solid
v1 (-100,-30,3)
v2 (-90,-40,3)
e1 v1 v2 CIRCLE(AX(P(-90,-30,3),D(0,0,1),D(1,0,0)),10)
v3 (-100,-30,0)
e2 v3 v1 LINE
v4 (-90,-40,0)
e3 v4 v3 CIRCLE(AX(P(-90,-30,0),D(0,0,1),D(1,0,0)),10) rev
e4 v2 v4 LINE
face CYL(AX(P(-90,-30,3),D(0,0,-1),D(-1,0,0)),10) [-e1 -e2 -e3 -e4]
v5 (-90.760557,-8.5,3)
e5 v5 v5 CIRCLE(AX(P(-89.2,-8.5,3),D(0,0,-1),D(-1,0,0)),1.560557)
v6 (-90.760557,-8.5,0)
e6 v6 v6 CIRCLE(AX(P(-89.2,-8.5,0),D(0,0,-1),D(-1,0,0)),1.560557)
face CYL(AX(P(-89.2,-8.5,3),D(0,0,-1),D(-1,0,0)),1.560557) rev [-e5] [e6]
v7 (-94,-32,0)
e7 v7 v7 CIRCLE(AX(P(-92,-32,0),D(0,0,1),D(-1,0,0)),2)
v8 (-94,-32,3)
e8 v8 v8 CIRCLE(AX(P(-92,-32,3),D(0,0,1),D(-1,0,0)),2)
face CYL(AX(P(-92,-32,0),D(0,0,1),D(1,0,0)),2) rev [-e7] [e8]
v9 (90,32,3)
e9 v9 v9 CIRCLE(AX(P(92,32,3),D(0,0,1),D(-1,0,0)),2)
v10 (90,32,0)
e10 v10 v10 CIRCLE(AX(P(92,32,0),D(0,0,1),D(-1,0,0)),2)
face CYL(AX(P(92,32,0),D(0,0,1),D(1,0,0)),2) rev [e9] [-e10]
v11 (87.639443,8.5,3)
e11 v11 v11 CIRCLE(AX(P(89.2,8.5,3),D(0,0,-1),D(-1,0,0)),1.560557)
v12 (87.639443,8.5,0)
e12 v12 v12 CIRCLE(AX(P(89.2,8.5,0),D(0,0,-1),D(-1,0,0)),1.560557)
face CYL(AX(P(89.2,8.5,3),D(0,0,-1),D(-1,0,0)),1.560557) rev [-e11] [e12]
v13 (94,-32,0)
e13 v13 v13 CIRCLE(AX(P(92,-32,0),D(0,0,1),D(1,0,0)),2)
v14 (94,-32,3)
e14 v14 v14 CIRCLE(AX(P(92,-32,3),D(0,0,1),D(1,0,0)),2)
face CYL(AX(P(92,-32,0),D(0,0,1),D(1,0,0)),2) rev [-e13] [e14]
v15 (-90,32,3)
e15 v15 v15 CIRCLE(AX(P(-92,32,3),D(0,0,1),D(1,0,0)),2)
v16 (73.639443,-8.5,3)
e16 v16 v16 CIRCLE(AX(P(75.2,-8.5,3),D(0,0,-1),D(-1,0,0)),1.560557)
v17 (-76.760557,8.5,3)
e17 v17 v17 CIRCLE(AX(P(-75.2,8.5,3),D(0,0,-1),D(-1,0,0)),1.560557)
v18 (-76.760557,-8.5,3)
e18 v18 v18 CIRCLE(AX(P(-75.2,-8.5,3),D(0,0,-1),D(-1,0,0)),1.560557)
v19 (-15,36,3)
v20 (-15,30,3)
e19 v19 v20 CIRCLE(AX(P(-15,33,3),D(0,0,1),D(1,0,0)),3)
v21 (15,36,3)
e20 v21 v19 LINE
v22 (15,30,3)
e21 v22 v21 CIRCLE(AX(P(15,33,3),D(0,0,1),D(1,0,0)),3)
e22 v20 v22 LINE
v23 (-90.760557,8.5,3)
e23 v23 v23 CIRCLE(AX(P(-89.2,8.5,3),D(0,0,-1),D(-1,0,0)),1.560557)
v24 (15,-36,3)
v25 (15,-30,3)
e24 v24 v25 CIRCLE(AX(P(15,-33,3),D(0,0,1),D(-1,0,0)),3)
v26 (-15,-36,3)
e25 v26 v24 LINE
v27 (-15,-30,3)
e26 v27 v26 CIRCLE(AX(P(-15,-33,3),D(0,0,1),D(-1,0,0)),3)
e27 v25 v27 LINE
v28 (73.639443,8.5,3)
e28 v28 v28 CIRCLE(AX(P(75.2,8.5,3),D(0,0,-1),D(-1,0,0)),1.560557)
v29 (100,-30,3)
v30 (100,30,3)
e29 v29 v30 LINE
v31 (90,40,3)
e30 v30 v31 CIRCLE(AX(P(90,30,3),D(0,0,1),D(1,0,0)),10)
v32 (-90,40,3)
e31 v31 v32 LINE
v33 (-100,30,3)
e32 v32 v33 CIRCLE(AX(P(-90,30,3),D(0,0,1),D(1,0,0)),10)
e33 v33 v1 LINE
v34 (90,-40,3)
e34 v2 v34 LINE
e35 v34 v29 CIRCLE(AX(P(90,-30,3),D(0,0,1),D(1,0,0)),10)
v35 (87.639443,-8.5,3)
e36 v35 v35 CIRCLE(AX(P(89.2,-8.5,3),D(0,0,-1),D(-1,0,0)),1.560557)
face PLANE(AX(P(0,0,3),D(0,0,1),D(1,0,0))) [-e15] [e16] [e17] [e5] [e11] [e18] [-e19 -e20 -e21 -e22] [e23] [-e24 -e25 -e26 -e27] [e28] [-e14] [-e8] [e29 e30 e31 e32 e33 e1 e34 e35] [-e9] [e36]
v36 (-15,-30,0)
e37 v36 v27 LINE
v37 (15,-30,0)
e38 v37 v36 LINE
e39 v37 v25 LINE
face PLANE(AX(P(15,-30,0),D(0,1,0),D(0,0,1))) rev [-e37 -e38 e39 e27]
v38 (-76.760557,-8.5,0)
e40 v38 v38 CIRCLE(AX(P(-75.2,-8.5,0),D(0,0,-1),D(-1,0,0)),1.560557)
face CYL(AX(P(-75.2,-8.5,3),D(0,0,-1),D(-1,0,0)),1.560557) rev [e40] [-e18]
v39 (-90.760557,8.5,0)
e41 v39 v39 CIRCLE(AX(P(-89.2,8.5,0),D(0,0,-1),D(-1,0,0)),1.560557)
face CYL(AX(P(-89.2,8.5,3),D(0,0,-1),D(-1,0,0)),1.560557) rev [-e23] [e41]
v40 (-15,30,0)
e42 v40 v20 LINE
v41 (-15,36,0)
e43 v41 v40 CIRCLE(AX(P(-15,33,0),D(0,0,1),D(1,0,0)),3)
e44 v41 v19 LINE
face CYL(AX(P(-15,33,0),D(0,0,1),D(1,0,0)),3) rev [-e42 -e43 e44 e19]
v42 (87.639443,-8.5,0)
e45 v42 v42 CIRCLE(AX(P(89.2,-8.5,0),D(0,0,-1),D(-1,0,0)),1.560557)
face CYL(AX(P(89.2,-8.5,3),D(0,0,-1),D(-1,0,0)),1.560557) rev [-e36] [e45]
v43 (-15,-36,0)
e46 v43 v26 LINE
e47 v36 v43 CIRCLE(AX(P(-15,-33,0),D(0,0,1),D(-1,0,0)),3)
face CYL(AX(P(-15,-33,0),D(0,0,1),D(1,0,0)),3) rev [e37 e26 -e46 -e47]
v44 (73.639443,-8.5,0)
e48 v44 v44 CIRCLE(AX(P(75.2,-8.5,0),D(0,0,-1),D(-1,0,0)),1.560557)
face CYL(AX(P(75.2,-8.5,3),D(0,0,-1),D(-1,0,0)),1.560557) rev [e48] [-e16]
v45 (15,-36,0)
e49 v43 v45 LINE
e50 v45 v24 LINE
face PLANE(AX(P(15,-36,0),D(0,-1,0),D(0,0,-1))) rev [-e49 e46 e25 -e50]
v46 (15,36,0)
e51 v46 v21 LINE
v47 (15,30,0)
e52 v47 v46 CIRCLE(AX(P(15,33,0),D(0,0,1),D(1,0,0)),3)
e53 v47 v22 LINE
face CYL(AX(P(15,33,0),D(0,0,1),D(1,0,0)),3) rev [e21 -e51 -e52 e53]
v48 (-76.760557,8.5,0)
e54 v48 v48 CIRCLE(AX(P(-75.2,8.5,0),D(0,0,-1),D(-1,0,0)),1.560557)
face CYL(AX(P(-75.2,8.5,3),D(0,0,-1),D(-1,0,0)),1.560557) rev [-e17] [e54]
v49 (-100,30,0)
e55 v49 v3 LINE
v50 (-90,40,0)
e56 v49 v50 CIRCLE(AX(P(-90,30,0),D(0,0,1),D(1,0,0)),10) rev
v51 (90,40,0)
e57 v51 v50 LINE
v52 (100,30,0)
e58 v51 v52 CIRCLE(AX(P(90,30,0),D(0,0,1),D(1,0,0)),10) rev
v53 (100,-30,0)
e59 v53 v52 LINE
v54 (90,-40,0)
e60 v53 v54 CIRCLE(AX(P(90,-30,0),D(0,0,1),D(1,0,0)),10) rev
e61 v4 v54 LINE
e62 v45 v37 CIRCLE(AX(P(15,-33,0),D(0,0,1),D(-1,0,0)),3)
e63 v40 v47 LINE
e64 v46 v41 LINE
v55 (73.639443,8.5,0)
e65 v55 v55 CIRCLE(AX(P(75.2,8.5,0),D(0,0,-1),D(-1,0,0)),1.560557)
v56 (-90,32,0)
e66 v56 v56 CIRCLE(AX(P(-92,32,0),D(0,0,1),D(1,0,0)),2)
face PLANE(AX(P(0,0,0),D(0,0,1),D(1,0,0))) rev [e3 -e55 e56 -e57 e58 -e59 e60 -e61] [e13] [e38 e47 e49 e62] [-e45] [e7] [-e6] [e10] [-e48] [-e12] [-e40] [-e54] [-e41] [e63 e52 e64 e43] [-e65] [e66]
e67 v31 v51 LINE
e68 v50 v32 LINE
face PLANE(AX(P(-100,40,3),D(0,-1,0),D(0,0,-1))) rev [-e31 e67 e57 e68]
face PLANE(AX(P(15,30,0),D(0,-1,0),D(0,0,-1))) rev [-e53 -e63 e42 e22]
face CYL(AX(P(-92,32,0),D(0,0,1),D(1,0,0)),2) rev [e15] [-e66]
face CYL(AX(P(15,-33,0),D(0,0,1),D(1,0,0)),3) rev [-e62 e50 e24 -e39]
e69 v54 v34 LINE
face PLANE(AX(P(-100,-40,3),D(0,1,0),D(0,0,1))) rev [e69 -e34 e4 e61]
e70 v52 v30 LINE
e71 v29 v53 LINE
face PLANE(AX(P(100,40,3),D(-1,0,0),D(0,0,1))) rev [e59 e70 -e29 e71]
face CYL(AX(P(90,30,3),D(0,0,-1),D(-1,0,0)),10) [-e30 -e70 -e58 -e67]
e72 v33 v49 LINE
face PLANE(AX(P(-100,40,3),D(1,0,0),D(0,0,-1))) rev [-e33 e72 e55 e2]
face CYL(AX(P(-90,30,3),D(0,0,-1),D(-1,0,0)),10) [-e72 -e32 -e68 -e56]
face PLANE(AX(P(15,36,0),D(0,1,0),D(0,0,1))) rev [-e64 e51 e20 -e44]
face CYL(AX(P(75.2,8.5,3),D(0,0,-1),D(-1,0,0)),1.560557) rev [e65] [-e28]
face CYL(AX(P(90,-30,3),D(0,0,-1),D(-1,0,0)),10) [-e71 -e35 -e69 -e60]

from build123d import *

# Parameters (mm, degrees)
SKETCH1_W           = 200
SKETCH1_H           = 80
BOSS_EXTRUDE1_DEPTH = 3
SKETCH2_R           = 2
CUT_EXTRUDE1_DEPTH  = 108.745069493
FILLET1_R           = 10
SKETCH3_R           = 1.560556943
CUT_EXTRUDE2_DEPTH  = 108.745069493
CUT_EXTRUDE3_DEPTH  = 108.745069493


with BuildPart() as part:
    # Sketch1 → Boss-Extrude1 (new body)
    with BuildSketch(Plane.XY):
        Rectangle(SKETCH1_W, SKETCH1_H)
    extrude(amount=BOSS_EXTRUDE1_DEPTH)

    # Sketch2 → Cut-Extrude1 (cut, through all)
    with BuildSketch(Plane.XY.offset(3)):
        with Locations((-92, 32)):
            Circle(SKETCH2_R)
        with Locations(Location((-92, -32, 0), (0, 0, 180))):
            Circle(SKETCH2_R)
        with Locations((92, -32)):
            Circle(SKETCH2_R)
        with Locations(Location((92, 32, 0), (0, 0, 180))):
            Circle(SKETCH2_R)
    extrude(amount=-CUT_EXTRUDE1_DEPTH, mode=Mode.SUBTRACT)

    # Fillet1
    fillet1_edges = [part.edges().sort_by_distance(p)[0] for p in [
        (100, -40, 1.5),
        (-100, -40, 1.5),
        (-100, 40, 1.5),
        (100, 40, 1.5),
    ]]
    fillet(fillet1_edges, radius=FILLET1_R)

    # Sketch3 → Cut-Extrude2 (cut, through all)
    with BuildSketch(Plane(origin=(0, 0, 0), x_dir=(-1, 0, 0), z_dir=(0, 0, -1))):
        with Locations((89.2, -8.5)):
            Circle(SKETCH3_R)
        with Locations((75.2, -8.5)):
            Circle(SKETCH3_R)
        with Locations((75.2, 8.5)):
            Circle(SKETCH3_R)
        with Locations((89.2, 8.5)):
            Circle(SKETCH3_R)
        with Locations((-89.2, -8.5)):
            Circle(SKETCH3_R)
        with Locations((-75.2, -8.5)):
            Circle(SKETCH3_R)
        with Locations((-89.2, 8.5)):
            Circle(SKETCH3_R)
        with Locations((-75.2, 8.5)):
            Circle(SKETCH3_R)
    extrude(amount=-CUT_EXTRUDE2_DEPTH, mode=Mode.SUBTRACT)

    # Sketch4 → Cut-Extrude3 (cut, through all)
    with BuildSketch(Plane.XY.offset(3)):
        with BuildLine():
            Line((15, 30), (-15, 30))
            ThreePointArc((-15, 30), (-18, 33), (-15, 36))
            Line((-15, 36), (15, 36))
            ThreePointArc((15, 36), (18, 33), (15, 30))
        make_face()
        with BuildLine():
            Line((15, -30), (-15, -30))
            ThreePointArc((-15, -30), (-18, -33), (-15, -36))
            Line((-15, -36), (15, -36))
            ThreePointArc((15, -36), (18, -33), (15, -30))
        make_face()
    extrude(amount=-CUT_EXTRUDE3_DEPTH, mode=Mode.SUBTRACT)


solid = part.part
